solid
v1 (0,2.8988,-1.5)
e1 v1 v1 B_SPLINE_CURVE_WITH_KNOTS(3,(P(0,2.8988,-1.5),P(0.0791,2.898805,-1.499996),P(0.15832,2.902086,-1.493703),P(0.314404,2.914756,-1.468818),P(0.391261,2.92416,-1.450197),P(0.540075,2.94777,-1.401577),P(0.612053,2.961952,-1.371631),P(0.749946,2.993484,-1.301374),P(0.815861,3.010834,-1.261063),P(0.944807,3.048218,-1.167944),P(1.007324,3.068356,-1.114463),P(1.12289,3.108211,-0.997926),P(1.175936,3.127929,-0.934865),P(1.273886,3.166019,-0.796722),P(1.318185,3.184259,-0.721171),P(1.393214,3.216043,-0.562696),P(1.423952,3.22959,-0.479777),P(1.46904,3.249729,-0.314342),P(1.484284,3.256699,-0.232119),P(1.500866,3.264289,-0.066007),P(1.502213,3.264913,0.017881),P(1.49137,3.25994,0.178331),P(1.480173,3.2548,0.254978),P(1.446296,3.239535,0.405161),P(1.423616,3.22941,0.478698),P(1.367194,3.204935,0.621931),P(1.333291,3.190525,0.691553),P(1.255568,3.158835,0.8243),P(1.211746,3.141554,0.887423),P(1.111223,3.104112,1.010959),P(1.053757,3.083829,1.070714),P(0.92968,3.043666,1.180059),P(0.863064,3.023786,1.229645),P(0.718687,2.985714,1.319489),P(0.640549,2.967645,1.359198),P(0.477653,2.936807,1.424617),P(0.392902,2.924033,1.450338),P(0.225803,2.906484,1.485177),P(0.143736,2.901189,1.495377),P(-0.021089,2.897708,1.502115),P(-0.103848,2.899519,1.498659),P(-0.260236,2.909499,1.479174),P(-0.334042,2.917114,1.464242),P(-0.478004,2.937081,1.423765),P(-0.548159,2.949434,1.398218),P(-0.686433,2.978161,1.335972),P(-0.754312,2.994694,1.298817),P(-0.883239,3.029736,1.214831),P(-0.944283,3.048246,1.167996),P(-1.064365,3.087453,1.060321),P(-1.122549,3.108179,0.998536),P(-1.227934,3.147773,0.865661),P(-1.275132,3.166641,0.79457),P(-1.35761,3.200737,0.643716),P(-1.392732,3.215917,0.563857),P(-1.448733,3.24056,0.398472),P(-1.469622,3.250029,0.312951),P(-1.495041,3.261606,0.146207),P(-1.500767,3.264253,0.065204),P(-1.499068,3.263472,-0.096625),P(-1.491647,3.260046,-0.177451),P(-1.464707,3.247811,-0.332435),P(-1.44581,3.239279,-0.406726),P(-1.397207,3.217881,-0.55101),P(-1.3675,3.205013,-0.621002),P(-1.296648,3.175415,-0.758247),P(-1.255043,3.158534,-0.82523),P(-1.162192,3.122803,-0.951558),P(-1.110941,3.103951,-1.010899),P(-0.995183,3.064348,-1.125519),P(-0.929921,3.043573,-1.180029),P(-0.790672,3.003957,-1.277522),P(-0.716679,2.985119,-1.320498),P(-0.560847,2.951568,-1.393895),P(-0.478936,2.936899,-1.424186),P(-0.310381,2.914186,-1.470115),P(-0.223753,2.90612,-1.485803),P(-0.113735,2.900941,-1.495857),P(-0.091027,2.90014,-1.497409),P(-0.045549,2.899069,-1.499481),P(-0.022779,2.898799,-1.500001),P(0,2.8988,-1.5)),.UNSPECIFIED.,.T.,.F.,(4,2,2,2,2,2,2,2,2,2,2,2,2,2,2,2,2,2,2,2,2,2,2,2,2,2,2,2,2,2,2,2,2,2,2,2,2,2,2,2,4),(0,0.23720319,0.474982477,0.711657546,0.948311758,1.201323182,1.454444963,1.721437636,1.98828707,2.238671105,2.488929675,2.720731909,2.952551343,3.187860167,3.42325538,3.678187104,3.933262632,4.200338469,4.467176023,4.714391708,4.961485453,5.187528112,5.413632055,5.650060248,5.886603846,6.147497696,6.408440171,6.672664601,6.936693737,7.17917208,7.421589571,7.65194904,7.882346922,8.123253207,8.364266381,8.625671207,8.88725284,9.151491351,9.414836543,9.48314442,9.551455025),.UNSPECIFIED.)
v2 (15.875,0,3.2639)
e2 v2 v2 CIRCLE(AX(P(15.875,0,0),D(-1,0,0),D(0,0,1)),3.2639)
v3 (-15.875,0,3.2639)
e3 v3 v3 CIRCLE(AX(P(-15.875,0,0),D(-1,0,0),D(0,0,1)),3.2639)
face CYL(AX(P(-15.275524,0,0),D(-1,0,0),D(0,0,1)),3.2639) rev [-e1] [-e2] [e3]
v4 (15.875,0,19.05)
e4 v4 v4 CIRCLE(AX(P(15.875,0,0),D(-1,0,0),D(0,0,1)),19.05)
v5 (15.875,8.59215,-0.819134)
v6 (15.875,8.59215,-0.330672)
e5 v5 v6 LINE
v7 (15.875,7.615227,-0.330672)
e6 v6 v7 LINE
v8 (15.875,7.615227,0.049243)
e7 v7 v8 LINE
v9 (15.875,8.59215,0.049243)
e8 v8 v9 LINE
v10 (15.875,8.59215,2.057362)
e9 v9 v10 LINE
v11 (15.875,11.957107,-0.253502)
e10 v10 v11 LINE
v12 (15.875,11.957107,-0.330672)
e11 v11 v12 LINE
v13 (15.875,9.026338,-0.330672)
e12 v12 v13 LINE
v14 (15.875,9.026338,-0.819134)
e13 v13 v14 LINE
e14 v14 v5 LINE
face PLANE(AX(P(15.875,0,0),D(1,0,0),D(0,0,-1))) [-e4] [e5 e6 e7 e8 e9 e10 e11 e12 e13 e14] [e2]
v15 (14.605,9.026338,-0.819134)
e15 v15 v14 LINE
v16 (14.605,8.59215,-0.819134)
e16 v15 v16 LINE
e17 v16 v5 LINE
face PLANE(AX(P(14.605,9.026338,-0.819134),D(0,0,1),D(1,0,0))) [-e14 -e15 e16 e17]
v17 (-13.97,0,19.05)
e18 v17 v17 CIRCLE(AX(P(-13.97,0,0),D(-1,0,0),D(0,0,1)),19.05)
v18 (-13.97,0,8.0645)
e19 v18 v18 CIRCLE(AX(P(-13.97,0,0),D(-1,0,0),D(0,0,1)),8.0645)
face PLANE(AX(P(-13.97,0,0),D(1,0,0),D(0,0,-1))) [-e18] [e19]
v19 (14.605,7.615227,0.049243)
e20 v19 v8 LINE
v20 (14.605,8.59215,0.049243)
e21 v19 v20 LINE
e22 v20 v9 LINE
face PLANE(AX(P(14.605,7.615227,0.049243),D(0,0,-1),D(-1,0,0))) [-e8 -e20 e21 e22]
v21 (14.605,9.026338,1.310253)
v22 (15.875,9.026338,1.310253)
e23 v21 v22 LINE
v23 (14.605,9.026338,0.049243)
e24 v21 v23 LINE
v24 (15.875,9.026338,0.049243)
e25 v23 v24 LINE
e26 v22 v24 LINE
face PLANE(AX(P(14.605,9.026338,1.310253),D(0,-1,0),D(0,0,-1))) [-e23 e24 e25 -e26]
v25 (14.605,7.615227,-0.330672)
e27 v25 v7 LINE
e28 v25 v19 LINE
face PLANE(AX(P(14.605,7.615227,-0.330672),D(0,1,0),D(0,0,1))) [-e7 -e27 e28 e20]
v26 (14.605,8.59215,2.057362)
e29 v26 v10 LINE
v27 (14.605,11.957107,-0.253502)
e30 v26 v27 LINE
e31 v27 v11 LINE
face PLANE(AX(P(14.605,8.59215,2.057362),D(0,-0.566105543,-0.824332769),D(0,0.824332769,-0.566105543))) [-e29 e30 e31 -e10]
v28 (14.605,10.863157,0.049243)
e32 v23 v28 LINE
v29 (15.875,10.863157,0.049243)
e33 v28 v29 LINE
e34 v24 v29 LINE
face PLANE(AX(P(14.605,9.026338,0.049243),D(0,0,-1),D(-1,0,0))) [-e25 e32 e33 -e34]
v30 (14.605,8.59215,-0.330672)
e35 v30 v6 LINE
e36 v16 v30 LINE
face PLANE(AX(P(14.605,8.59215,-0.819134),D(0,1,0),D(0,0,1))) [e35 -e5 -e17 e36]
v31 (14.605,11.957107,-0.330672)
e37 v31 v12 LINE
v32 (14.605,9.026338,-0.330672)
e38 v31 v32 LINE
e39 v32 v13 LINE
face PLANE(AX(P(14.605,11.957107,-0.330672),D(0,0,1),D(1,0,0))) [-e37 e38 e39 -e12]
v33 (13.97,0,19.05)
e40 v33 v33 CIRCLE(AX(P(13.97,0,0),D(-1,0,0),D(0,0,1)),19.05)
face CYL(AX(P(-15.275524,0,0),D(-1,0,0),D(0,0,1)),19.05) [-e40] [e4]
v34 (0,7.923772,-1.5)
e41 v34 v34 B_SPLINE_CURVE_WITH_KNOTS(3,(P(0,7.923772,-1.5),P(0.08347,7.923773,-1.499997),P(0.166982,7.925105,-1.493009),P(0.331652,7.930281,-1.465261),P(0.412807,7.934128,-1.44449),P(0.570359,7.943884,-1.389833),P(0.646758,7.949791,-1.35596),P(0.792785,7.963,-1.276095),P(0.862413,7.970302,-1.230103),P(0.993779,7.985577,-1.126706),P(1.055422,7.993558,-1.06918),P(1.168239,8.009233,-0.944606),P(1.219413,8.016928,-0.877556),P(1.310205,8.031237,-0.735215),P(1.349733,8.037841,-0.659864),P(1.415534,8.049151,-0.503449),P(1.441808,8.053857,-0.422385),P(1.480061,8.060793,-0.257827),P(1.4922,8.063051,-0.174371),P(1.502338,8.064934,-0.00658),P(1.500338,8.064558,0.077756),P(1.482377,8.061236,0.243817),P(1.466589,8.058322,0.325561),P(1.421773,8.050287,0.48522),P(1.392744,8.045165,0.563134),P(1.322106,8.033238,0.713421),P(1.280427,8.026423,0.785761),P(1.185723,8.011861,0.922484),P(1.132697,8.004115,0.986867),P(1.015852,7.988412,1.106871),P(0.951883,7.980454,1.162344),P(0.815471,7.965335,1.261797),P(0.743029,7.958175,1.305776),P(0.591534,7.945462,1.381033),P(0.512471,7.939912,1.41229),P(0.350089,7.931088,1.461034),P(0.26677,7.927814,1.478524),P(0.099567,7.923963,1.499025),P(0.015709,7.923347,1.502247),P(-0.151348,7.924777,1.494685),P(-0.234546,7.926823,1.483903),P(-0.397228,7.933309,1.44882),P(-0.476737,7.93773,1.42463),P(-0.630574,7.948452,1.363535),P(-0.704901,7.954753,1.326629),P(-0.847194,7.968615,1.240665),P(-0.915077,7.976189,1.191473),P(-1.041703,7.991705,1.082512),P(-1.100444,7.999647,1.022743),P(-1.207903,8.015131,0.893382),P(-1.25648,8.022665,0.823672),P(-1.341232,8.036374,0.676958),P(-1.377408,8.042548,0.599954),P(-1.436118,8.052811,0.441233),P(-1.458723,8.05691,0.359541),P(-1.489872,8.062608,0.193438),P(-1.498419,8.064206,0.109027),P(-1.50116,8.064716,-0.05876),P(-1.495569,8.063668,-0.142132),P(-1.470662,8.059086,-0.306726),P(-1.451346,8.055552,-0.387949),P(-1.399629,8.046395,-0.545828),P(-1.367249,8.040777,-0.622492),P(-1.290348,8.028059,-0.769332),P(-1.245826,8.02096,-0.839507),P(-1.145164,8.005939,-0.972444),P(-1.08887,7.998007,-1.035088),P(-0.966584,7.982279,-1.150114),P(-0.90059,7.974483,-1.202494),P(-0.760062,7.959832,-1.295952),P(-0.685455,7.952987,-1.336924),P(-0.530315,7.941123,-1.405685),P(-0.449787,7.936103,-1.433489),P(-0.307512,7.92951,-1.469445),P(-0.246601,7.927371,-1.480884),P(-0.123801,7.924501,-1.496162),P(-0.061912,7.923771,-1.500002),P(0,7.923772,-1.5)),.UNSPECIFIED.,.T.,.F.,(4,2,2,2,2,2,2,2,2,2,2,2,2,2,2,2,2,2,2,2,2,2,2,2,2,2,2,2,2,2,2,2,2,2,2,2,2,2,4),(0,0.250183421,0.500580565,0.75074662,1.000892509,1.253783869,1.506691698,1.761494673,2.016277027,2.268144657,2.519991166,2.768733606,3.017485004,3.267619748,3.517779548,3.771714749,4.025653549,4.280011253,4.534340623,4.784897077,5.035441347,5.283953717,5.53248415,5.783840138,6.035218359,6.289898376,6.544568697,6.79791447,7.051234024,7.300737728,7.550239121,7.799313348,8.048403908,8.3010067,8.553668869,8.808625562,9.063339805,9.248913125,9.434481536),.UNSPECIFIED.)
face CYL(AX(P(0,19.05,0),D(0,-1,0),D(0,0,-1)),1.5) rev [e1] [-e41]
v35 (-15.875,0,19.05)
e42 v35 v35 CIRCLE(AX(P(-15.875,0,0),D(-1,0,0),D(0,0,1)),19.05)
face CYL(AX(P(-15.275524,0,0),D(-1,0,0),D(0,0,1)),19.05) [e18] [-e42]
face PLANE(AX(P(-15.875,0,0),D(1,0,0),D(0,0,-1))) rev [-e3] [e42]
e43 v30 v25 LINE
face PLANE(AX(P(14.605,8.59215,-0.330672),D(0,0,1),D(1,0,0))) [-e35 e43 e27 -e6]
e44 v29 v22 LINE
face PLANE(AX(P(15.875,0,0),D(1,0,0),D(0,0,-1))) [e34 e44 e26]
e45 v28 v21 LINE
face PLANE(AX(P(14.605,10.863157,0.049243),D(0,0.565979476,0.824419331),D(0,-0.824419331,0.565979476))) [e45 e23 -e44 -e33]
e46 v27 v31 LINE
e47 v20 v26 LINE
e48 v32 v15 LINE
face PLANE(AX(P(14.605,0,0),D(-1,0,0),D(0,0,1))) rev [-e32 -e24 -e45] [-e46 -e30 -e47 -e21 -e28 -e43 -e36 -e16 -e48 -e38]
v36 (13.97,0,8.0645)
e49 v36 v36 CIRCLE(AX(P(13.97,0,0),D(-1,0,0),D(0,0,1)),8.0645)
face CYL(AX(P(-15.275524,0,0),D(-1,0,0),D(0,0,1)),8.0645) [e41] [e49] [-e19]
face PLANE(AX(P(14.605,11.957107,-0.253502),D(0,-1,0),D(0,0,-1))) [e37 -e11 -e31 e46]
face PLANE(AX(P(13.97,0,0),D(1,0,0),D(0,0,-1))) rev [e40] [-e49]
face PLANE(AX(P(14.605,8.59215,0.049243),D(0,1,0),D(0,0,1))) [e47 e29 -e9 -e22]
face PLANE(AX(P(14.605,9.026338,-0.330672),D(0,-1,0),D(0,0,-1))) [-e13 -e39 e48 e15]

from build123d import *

# Parameters (mm, degrees)
SKETCH2_R          = 1.5
CUT_EXTRUDE1_DEPTH = 32.270123521
CUT_EXTRUDE2_DEPTH = 1.27


with BuildPart() as part:
    # Sketch1 → Revolve1 (revolve)
    with BuildSketch(Plane.XY):
        Polygon((15.875, 3.2639), (15.875, 19.05), (13.97, 19.05), (13.97, 8.0645), (-13.97, 8.0645), (-13.97, 19.05), (-15.875, 19.05), (-15.875, 3.2639), align=None)
    revolve(axis=Axis((-15.275524476, 0, 0), (1, 0, 0)))

    # Sketch2 → Cut-Extrude1 (cut, through all)
    with BuildSketch(Plane(origin=(0, 0, 0), x_dir=(1, 0, 0), z_dir=(0, 1, 0))):
        Circle(SKETCH2_R)
    extrude(amount=CUT_EXTRUDE1_DEPTH, mode=Mode.SUBTRACT)

    # Sketch3 → Cut-Extrude2 (cut)
    with BuildSketch(Plane(origin=(15.875, 0, 0), x_dir=(0, 0, -1), z_dir=(1, 0, 0))):
        Polygon((0.253501878, 11.957106949), (0.330672017, 11.957106949), (0.330672017, 9.026337718), (0.819133555, 9.026337718), (0.819133555, 8.592149684), (0.330672017, 8.592149684), (0.330672017, 7.615226607), (-0.049242513, 7.615226607), (-0.049242513, 8.592149684), (-2.057362172, 8.592149684), align=None)
        Polygon((-0.049242513, 9.026337718), (-0.049242513, 10.863156629), (-1.310253464, 9.026337718), align=None, mode=Mode.SUBTRACT)
    extrude(amount=-CUT_EXTRUDE2_DEPTH, mode=Mode.SUBTRACT)


solid = part.part
